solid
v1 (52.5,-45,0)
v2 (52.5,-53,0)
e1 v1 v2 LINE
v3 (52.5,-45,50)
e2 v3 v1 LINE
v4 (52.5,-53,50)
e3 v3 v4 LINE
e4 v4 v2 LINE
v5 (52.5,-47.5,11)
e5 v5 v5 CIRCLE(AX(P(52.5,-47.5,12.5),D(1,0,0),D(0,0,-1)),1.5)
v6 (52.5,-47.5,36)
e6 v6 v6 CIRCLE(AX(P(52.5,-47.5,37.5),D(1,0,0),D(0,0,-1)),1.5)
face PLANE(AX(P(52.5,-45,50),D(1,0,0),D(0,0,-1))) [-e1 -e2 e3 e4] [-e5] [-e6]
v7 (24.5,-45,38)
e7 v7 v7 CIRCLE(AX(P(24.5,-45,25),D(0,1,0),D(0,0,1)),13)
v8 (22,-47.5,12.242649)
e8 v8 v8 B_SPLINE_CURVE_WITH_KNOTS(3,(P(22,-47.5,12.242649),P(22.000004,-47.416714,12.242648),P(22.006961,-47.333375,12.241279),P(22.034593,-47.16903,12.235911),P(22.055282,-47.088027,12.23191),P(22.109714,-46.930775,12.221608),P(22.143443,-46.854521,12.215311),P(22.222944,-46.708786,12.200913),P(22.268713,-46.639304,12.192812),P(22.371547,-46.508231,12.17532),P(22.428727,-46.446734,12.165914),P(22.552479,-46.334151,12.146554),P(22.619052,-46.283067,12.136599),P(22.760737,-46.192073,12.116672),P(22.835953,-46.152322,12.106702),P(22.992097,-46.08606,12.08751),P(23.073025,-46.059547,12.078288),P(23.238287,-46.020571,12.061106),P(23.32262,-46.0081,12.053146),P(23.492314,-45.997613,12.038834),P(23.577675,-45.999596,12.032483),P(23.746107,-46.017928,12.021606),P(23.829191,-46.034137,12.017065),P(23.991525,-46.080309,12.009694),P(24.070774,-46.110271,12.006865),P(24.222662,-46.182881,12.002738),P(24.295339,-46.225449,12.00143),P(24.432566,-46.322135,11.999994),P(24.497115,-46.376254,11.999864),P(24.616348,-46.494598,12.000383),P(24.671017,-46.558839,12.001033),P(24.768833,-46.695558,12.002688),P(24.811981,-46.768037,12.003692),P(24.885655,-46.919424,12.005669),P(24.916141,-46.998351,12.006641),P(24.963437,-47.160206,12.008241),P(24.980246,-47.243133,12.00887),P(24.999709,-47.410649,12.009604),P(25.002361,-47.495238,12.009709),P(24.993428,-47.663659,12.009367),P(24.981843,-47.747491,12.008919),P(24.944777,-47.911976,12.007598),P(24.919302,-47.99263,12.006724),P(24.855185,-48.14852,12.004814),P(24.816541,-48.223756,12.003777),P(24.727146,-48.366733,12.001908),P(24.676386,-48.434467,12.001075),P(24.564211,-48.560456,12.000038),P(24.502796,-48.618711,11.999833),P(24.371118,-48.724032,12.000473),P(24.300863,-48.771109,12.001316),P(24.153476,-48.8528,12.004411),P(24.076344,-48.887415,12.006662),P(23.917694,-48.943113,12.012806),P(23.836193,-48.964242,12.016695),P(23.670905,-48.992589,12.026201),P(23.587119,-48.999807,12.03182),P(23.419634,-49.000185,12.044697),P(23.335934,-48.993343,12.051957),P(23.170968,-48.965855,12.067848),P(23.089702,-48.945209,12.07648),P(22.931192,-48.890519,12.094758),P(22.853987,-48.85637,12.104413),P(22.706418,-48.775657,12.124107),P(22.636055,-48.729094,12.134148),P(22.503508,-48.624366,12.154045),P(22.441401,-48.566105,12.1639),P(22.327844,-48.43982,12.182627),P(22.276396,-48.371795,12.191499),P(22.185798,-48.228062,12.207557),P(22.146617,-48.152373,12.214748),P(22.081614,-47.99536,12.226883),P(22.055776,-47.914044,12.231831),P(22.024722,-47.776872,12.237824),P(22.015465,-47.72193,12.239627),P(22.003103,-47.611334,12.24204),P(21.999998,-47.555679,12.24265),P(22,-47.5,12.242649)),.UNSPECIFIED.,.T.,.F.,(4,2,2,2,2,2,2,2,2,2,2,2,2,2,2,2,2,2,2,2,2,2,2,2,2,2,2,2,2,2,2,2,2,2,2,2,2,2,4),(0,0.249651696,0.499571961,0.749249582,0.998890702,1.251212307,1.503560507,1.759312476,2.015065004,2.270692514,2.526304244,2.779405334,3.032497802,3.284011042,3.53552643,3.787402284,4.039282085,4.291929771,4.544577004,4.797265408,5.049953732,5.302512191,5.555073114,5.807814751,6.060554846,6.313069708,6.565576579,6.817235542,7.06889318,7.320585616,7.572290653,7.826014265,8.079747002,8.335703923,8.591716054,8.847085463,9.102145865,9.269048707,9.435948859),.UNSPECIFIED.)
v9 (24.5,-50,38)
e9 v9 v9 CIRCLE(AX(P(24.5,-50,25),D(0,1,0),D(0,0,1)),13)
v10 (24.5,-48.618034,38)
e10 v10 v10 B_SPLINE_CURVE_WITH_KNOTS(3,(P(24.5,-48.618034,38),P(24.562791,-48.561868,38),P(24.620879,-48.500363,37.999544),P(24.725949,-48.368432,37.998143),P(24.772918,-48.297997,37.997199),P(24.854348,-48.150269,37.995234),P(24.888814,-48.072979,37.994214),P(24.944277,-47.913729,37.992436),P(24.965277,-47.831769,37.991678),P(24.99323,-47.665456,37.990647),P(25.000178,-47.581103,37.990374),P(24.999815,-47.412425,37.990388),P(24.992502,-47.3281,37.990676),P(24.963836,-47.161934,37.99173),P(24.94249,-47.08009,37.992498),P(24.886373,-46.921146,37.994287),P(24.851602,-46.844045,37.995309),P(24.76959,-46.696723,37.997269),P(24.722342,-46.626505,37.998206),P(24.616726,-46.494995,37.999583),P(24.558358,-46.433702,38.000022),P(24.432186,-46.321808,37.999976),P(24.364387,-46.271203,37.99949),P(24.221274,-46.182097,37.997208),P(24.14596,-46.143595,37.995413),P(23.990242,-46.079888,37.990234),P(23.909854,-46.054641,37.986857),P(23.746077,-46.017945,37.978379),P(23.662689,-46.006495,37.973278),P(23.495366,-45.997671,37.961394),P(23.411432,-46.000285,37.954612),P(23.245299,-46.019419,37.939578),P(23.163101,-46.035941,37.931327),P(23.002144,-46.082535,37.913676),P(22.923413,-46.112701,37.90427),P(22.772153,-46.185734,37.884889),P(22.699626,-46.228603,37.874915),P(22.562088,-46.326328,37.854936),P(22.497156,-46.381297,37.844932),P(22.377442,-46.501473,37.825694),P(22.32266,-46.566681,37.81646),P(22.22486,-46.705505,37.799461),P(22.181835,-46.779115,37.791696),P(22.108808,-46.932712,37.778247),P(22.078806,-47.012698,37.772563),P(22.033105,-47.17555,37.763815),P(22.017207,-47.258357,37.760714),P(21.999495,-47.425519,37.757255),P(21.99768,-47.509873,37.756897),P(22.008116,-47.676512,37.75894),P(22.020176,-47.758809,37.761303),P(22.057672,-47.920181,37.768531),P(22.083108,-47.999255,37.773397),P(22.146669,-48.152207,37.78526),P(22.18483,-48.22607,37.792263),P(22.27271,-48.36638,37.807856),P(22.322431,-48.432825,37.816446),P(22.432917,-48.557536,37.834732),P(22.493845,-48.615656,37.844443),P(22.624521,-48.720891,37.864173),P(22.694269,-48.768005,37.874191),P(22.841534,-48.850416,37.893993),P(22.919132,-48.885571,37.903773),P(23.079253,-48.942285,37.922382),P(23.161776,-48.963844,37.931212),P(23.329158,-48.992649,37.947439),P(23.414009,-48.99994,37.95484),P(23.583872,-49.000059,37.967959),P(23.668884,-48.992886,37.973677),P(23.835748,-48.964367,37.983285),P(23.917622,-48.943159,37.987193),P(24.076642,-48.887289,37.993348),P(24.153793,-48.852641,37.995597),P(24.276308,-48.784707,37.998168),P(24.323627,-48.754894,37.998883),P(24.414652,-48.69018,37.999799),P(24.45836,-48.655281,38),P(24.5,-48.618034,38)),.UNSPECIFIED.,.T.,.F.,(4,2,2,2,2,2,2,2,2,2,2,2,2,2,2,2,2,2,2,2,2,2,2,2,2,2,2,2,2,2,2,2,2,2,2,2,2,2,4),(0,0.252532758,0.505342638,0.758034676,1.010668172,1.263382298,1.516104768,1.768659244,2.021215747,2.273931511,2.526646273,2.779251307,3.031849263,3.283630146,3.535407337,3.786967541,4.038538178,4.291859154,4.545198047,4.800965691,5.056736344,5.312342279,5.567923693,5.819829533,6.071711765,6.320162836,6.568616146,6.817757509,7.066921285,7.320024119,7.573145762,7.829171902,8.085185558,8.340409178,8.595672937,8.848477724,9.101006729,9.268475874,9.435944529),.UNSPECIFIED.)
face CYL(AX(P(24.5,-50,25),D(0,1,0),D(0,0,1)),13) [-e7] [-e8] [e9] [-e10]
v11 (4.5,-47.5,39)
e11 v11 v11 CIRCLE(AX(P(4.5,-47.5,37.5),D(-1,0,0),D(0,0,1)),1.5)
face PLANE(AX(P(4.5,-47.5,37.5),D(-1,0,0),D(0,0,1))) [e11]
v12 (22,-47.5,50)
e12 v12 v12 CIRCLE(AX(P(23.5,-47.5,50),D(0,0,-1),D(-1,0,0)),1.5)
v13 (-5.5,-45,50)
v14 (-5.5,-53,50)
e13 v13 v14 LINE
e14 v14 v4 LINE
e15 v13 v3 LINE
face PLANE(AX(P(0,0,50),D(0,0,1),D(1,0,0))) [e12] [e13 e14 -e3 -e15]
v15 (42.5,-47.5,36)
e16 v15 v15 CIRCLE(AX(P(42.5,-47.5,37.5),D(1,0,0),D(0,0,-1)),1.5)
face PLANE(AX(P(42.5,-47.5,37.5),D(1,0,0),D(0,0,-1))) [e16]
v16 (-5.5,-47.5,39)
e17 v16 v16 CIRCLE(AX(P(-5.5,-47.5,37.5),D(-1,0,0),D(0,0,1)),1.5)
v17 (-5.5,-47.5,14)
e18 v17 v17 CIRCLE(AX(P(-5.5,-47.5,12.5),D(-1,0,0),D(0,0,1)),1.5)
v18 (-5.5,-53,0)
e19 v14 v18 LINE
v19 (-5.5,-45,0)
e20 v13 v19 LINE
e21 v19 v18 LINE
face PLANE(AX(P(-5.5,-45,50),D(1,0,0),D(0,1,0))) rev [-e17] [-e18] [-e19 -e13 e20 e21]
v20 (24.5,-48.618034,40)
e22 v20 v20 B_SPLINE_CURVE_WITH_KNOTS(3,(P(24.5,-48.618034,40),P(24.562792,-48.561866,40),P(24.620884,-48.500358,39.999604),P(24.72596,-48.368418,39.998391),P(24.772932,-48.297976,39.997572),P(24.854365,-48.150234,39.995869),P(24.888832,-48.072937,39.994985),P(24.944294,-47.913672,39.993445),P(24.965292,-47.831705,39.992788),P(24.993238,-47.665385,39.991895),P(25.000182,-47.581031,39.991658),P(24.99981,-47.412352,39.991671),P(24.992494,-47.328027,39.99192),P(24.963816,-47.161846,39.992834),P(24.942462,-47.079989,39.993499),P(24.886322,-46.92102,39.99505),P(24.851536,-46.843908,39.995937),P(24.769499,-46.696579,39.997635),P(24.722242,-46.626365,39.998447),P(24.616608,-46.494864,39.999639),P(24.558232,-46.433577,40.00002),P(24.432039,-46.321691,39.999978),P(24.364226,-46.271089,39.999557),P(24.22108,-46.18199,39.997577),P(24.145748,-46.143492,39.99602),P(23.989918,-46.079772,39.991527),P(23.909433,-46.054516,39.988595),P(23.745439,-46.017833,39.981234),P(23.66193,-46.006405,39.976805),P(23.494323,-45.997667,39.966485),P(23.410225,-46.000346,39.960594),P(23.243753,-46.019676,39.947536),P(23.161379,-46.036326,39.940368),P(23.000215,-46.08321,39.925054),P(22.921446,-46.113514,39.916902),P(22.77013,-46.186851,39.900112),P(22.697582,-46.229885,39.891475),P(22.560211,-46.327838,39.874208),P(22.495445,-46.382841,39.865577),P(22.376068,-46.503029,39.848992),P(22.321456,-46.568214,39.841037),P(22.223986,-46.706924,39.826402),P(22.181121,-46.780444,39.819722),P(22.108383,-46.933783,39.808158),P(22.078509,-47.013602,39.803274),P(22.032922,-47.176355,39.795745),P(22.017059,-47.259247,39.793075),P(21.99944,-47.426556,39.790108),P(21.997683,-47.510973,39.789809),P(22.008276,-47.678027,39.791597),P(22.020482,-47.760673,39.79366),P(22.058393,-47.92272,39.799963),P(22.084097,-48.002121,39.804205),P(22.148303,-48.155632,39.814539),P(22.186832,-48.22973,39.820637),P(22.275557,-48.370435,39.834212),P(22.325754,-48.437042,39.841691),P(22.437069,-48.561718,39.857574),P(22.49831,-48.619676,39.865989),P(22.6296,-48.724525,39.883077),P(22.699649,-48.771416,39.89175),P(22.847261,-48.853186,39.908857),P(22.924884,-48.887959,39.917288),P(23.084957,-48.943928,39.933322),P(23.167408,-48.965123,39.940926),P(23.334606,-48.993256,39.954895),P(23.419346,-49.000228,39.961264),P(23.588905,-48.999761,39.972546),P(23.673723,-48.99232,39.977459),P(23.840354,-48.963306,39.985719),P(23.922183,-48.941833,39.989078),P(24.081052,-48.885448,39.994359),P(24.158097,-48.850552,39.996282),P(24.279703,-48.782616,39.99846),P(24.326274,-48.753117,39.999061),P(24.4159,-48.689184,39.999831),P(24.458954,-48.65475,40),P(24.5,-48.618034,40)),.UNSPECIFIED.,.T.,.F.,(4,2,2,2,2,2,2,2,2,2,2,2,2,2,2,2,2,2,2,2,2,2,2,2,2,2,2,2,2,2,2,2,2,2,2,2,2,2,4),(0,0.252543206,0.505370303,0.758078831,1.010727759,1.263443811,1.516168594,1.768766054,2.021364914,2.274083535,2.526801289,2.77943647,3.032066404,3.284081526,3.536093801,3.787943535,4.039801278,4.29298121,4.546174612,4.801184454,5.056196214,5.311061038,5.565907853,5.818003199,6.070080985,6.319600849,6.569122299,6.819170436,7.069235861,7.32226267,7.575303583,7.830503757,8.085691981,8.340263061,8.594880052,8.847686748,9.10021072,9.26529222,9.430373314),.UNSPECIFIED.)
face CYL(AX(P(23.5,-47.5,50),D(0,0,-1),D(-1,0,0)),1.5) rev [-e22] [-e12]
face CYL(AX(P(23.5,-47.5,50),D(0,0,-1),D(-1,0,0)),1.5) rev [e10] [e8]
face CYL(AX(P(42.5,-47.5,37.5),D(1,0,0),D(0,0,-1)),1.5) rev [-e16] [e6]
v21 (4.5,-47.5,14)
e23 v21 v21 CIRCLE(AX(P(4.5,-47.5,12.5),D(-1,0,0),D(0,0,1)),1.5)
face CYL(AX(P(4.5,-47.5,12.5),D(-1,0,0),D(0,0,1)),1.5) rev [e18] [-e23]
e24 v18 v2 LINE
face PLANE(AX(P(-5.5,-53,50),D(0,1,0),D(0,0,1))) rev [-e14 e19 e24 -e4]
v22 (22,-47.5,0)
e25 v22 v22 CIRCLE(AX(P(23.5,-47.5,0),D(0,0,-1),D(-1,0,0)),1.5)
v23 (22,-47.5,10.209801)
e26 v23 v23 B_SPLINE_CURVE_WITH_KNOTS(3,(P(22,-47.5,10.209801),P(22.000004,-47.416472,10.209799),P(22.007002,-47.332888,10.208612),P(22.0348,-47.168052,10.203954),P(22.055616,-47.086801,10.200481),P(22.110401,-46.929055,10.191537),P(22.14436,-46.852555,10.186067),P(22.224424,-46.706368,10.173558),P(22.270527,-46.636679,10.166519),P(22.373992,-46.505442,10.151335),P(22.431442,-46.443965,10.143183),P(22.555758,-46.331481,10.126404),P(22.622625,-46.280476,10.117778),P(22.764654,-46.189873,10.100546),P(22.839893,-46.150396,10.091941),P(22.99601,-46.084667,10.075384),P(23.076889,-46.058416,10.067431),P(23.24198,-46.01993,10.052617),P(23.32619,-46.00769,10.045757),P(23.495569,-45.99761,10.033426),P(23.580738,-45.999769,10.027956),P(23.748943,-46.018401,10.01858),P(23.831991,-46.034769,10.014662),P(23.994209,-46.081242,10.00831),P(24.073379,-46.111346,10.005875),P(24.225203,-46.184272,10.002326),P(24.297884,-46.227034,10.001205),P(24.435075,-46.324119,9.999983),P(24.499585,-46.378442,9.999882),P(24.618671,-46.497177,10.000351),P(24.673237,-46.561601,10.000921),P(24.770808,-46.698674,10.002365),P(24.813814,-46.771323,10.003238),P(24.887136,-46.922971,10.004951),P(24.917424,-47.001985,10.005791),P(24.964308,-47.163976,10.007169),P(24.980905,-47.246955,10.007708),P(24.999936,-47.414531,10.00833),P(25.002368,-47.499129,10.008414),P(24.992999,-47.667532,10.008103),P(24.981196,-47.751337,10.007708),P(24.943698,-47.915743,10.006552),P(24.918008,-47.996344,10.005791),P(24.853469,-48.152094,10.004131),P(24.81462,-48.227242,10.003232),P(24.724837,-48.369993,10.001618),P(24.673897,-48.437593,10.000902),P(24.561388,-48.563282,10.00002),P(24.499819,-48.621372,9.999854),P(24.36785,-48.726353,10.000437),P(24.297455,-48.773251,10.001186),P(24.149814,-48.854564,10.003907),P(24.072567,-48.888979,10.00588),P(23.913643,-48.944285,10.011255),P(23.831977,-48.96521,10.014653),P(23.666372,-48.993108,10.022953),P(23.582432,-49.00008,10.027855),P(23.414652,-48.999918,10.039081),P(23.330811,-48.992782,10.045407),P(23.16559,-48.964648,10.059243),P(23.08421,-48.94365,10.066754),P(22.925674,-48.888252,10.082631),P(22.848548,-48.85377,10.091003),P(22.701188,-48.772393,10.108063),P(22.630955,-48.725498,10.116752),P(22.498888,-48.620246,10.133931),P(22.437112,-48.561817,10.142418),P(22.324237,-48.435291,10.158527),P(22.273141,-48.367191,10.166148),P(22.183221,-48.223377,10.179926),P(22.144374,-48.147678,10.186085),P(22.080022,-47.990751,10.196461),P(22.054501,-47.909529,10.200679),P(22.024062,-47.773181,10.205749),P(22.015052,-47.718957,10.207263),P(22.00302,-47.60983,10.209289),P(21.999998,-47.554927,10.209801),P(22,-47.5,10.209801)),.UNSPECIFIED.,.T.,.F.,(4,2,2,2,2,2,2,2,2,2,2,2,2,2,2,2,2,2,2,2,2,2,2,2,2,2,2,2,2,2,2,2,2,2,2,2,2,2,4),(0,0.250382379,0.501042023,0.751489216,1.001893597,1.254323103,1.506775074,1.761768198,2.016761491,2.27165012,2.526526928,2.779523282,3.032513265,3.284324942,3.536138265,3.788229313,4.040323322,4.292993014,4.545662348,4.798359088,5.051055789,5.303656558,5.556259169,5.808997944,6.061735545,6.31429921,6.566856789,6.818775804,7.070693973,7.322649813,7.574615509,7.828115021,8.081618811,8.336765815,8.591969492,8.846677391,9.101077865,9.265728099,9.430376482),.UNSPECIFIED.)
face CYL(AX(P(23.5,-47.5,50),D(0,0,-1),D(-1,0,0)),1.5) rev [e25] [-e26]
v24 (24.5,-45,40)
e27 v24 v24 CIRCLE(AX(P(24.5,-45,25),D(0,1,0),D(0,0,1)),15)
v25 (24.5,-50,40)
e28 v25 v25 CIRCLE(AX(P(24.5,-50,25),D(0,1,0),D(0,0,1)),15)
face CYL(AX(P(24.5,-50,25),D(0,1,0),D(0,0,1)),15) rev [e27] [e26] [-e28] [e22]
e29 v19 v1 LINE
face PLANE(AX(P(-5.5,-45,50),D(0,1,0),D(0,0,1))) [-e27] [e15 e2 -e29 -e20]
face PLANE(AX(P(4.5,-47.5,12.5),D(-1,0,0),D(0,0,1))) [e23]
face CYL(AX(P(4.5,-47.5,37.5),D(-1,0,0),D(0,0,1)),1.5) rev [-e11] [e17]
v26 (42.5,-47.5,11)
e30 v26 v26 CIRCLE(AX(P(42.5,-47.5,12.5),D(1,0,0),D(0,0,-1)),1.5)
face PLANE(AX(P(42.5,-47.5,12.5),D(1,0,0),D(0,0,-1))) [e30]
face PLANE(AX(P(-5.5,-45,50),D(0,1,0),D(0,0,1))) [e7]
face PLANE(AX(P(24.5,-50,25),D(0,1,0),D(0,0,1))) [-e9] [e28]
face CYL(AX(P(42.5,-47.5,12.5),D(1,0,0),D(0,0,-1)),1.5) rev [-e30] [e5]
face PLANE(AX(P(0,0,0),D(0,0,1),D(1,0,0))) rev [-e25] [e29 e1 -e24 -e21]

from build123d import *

# Parameters (mm, degrees)
ESQUISSE1_W             = 58
ESQUISSE1_H             = 8
BOSS_EXTRU_1_DEPTH      = 50
ESQUISSE2_R             = 15
ESQUISSE2_R_2           = 13
ENL_V_MAT_EXTRU_1_DEPTH = 5
ESQUISSE3_R             = 1.5
ENL_V_MAT_EXTRU_2_DEPTH = 10
ESQUISSE4_R             = 1.5
ENL_V_MAT_EXTRU_3_DEPTH = 10
ESQUISSE5_R             = 1.5
ENL_V_MAT_EXTRU_4_DEPTH = 51


with BuildPart() as part:
    # Esquisse1 → Boss.-Extru.1 (new body)
    with BuildSketch(Plane.XY):
        with Locations((23.5, -49)):
            Rectangle(ESQUISSE1_W, ESQUISSE1_H)
    extrude(amount=BOSS_EXTRU_1_DEPTH)

    # Esquisse2 → Enlèv. mat.-Extru.1 (cut)
    with BuildSketch(Plane(origin=(0, -45, 0), x_dir=(-1, 0, 0), z_dir=(0, 1, 0))):
        with Locations((-24.5, 25)):
            Circle(ESQUISSE2_R)
        with Locations((-24.5, 25)):
            Circle(ESQUISSE2_R_2, mode=Mode.SUBTRACT)
    extrude(amount=-ENL_V_MAT_EXTRU_1_DEPTH, mode=Mode.SUBTRACT)

    # Esquisse3 → Enlèv. mat.-Extru.2 (cut)
    with BuildSketch(Plane.ZY.offset(5.5)):
        with Locations((12.5, -47.5)):
            Circle(ESQUISSE3_R)
        with Locations((37.5, -47.5)):
            Circle(ESQUISSE3_R)
    extrude(amount=-ENL_V_MAT_EXTRU_2_DEPTH, mode=Mode.SUBTRACT)

    # Esquisse4 → Enlèv. mat.-Extru.3 (cut)
    with BuildSketch(Plane(origin=(52.5, 0, 0), x_dir=(0, 0, -1), z_dir=(1, 0, 0))):
        with Locations((-37.5, -47.5)):
            Circle(ESQUISSE4_R)
        with Locations((-12.5, -47.5)):
            Circle(ESQUISSE4_R)
    extrude(amount=-ENL_V_MAT_EXTRU_3_DEPTH, mode=Mode.SUBTRACT)

    # Esquisse5 → Enlèv. mat.-Extru.4 (cut, through all)
    with BuildSketch(Plane(origin=(0, 0, 0), x_dir=(-1, 0, 0), z_dir=(0, 0, -1))):
        with Locations((-23.5, -47.5)):
            Circle(ESQUISSE5_R)
    extrude(amount=-ENL_V_MAT_EXTRU_4_DEPTH, mode=Mode.SUBTRACT)


solid = part.part
